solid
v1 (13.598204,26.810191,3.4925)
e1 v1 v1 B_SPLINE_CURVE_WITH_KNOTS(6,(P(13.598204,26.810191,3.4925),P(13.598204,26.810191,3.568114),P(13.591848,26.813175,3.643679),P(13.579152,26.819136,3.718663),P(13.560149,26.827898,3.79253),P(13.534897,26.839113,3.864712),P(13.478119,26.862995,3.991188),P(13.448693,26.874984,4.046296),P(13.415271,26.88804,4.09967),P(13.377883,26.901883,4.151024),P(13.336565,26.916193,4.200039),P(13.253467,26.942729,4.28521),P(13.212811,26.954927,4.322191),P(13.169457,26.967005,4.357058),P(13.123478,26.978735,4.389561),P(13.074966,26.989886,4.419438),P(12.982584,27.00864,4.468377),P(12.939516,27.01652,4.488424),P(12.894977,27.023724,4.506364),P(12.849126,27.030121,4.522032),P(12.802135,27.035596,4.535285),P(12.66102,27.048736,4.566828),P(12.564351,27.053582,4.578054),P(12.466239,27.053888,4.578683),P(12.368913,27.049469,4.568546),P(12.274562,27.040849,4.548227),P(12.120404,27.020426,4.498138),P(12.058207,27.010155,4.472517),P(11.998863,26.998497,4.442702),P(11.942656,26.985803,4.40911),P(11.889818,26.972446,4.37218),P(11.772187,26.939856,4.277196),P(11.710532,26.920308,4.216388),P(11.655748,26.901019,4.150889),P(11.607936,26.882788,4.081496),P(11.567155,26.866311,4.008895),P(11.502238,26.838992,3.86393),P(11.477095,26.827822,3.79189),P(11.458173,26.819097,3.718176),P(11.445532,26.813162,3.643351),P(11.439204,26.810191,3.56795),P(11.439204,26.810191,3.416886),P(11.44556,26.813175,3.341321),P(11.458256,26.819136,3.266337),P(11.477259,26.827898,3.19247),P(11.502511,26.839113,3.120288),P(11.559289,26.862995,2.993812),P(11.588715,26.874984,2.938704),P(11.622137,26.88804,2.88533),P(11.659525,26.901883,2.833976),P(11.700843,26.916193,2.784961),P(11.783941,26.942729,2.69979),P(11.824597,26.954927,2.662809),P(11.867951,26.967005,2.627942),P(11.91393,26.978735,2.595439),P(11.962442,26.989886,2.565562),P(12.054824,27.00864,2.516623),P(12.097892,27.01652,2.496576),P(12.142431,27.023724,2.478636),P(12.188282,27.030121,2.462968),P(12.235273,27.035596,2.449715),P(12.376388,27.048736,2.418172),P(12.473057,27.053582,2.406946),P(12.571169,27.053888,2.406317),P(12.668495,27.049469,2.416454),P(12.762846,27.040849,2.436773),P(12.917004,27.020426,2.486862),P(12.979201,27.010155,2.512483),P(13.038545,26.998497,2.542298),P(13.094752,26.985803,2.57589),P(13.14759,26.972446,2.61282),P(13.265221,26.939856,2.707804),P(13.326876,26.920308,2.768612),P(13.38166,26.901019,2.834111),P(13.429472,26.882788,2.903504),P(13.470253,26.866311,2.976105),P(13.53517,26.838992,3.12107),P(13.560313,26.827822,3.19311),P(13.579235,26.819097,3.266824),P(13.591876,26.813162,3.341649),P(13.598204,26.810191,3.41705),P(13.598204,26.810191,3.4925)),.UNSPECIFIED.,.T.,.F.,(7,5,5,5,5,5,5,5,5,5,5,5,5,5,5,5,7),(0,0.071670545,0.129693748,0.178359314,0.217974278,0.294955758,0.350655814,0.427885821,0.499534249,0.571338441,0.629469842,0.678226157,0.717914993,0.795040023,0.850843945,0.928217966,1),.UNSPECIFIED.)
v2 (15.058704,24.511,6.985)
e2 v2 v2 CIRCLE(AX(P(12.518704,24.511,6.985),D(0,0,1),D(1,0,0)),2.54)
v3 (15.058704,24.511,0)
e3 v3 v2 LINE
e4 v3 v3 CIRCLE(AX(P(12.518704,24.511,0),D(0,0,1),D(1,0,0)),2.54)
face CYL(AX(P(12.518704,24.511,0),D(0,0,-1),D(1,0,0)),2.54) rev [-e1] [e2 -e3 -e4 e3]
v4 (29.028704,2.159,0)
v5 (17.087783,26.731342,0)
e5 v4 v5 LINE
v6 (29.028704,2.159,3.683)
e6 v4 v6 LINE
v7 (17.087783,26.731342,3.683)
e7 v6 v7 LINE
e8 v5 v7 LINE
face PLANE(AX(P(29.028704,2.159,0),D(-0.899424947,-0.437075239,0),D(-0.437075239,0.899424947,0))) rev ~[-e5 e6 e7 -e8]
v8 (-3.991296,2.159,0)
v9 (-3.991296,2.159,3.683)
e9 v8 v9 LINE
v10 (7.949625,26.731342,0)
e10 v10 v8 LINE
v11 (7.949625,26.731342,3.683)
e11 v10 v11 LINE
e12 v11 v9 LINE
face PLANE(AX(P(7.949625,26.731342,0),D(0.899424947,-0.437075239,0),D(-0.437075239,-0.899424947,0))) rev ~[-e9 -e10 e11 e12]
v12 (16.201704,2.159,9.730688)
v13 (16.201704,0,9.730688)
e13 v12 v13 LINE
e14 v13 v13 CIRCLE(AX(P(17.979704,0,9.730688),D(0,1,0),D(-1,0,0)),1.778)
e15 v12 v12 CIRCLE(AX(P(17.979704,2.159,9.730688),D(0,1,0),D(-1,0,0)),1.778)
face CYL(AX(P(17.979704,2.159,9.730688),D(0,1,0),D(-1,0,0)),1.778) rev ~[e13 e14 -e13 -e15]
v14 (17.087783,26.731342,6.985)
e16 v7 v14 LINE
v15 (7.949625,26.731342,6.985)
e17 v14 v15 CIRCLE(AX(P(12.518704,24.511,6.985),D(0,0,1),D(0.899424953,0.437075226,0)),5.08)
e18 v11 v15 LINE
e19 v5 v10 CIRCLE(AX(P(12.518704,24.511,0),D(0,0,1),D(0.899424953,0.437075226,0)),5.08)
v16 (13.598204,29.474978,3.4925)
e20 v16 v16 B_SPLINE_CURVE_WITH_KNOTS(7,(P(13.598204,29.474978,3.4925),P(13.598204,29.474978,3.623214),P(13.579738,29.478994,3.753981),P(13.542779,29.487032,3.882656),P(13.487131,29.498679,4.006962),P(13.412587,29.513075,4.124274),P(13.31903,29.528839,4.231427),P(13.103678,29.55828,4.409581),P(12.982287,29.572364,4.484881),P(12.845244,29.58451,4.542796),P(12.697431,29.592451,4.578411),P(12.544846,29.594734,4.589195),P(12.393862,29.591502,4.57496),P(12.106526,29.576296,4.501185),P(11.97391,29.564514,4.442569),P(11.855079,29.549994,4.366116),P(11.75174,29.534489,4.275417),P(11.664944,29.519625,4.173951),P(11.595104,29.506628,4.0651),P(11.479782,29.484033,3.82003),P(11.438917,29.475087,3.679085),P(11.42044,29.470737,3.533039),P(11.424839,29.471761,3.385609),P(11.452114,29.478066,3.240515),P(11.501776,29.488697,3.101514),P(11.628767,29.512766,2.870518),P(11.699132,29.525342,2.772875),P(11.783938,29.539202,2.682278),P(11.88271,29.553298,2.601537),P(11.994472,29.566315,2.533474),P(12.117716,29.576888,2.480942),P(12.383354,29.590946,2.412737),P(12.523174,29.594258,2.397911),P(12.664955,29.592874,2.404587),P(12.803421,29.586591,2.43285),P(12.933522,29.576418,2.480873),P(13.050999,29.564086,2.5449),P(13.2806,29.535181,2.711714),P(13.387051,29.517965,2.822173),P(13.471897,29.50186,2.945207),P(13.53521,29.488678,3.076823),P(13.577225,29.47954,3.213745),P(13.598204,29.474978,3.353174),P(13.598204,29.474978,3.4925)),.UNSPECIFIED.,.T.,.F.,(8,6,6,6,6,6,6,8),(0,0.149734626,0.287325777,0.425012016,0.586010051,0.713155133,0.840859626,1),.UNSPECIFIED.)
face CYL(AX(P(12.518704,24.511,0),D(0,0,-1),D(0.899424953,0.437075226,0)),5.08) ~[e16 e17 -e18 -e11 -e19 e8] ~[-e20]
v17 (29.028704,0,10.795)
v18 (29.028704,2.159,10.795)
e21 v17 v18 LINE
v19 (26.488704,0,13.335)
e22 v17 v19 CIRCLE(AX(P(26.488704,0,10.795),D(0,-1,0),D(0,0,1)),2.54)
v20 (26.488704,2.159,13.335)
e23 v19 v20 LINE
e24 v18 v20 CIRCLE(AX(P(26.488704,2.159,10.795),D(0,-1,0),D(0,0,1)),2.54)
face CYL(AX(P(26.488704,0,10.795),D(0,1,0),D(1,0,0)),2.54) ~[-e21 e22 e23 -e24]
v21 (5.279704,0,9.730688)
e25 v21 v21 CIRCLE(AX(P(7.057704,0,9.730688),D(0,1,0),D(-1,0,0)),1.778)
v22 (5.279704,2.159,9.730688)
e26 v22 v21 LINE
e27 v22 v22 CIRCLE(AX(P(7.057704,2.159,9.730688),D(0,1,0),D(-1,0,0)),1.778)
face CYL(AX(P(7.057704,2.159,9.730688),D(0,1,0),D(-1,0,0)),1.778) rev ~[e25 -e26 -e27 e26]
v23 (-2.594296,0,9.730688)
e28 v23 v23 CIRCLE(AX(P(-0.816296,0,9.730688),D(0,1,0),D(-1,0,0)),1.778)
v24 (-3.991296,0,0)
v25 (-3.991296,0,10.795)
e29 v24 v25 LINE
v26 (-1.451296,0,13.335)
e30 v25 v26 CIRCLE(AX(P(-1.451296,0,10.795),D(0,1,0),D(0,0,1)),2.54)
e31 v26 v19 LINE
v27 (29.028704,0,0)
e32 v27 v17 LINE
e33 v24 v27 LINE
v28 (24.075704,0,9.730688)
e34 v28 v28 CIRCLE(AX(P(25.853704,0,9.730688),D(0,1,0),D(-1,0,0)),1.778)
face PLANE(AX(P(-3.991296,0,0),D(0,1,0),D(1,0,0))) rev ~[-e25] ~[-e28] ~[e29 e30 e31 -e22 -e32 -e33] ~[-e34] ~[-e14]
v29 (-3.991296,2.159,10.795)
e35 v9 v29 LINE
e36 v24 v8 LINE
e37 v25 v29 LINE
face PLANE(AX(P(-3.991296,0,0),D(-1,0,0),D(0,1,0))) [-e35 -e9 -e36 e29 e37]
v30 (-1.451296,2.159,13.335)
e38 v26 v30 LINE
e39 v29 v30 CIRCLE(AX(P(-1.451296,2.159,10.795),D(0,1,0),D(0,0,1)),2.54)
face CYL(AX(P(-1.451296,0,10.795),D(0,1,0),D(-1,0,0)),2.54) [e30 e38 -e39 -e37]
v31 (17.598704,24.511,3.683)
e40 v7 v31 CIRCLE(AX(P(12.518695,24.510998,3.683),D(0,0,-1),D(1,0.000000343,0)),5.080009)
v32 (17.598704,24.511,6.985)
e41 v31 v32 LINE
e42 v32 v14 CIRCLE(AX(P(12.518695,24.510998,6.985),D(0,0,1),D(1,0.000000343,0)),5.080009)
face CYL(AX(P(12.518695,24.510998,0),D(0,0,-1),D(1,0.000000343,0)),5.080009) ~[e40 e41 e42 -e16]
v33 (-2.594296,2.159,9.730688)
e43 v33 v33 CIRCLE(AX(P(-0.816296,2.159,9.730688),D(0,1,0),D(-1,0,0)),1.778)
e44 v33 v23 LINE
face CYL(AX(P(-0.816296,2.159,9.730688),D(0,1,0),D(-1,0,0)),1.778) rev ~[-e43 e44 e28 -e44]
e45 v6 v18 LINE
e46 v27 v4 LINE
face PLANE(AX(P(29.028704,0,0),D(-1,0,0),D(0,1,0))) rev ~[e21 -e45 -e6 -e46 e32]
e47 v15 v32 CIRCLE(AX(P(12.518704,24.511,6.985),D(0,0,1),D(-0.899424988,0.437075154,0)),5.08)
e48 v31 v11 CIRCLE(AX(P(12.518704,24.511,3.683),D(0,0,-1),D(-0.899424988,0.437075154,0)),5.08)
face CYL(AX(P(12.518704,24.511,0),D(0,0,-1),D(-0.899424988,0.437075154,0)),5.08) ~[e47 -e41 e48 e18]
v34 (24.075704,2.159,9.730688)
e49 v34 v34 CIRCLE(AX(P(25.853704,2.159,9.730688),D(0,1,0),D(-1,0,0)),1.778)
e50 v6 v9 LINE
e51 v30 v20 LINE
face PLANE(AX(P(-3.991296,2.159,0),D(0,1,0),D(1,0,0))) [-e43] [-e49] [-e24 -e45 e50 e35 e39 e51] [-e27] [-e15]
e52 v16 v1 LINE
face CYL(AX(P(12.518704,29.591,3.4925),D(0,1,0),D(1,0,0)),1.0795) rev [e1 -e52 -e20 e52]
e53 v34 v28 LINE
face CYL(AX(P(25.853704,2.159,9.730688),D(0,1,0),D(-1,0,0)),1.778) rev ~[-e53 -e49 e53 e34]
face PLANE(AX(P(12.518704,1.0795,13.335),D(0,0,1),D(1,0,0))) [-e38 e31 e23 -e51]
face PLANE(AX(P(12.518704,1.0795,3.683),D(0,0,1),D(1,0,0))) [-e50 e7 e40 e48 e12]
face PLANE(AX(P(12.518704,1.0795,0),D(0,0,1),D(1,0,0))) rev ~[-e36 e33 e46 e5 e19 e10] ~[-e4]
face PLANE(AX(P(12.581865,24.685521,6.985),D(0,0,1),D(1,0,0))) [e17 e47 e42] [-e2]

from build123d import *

# Parameters (mm, degrees)
F0_W     = 33.02
F0_H     = 2.159
F0_R     = 2.54
F1_DEPTH = 3.683
F2_DEPTH = 13.335
F3_DEPTH = 6.985
F4_R     = 1.778
F5_DEPTH = 25.4
F6_R     = 2.54
F8_R     = 1.0795
F9_DEPTH = 3.81


with BuildPart() as f1:
    # F0 (on Top) → F1 (new body)
    with BuildSketch(Plane.XY):
        with Locations((12.518704, 1.0795)):
            Rectangle(F0_W, F0_H)
        with BuildLine():
            Line((7.949625, 26.731342), (-3.991296, 2.159))
            Line((-3.991296, 2.159), (29.028704, 2.159))
            Line((29.028704, 2.159), (17.087783, 26.731342))
            ThreePointArc((17.087783, 26.731342), (17.469326, 25.650184), (17.598704, 24.511))
            ThreePointArc((17.598704, 24.511), (11.37952, 19.560378), (7.949625, 26.731342))
        make_face()
        with BuildLine():
            ThreePointArc((17.087783, 26.731342), (12.518704, 29.591), (7.949625, 26.731342))
            ThreePointArc((7.949625, 26.731342), (11.37952, 19.560378), (17.598704, 24.511))
            ThreePointArc((17.598704, 24.511), (17.469326, 25.650184), (17.087783, 26.731342))
        make_face()
        with Locations((12.518704, 24.511)):
            Circle(F0_R, mode=Mode.SUBTRACT)
    extrude(amount=F1_DEPTH)

    # F0 (on Top) → F2 (join)
    with BuildSketch(Plane.XY):
        with Locations((12.518704, 1.0795)):
            Rectangle(F0_W, F0_H)
    extrude(amount=F2_DEPTH)

    # F0 (on Top) → F3 (join)
    with BuildSketch(Plane.XY):
        with BuildLine():
            ThreePointArc((17.087783, 26.731342), (12.518704, 29.591), (7.949625, 26.731342))
            ThreePointArc((7.949625, 26.731342), (11.37952, 19.560378), (17.598704, 24.511))
            ThreePointArc((17.598704, 24.511), (17.469326, 25.650184), (17.087783, 26.731342))
        make_face()
        with Locations((12.518704, 24.511)):
            Circle(F0_R, mode=Mode.SUBTRACT)
    extrude(amount=F3_DEPTH)

    # F4 (on face) → F5 (cut)
    with BuildSketch(Plane(origin=(0, 2.159, 0), x_dir=(-1, 0, 0), z_dir=(0, 1, 0))):
        with Locations((0.816296, 9.730688)):
            Circle(F4_R)
        with Locations((-25.853704, 9.730688)):
            Circle(F4_R)
        with Locations((-17.979704, 9.730688)):
            Circle(F4_R)
        with Locations((-7.057704, 9.730688)):
            Circle(F4_R)
    extrude(amount=-F5_DEPTH, mode=Mode.SUBTRACT)

    # F6
    f6_edges = [f1.edges().sort_by_distance(p)[0] for p in [
        (-3.991296, 1.0795, 13.335),
        (29.028704, 1.0795, 13.335),
    ]]
    fillet(f6_edges, radius=F6_R)

    # F8 (on offset) → F9 (cut)
    with BuildSketch(Plane.XZ.offset(-29.591)):
        with Locations((12.518704, 3.4925)):
            Circle(F8_R)
    extrude(amount=F9_DEPTH, mode=Mode.SUBTRACT)


solid = f1.part
